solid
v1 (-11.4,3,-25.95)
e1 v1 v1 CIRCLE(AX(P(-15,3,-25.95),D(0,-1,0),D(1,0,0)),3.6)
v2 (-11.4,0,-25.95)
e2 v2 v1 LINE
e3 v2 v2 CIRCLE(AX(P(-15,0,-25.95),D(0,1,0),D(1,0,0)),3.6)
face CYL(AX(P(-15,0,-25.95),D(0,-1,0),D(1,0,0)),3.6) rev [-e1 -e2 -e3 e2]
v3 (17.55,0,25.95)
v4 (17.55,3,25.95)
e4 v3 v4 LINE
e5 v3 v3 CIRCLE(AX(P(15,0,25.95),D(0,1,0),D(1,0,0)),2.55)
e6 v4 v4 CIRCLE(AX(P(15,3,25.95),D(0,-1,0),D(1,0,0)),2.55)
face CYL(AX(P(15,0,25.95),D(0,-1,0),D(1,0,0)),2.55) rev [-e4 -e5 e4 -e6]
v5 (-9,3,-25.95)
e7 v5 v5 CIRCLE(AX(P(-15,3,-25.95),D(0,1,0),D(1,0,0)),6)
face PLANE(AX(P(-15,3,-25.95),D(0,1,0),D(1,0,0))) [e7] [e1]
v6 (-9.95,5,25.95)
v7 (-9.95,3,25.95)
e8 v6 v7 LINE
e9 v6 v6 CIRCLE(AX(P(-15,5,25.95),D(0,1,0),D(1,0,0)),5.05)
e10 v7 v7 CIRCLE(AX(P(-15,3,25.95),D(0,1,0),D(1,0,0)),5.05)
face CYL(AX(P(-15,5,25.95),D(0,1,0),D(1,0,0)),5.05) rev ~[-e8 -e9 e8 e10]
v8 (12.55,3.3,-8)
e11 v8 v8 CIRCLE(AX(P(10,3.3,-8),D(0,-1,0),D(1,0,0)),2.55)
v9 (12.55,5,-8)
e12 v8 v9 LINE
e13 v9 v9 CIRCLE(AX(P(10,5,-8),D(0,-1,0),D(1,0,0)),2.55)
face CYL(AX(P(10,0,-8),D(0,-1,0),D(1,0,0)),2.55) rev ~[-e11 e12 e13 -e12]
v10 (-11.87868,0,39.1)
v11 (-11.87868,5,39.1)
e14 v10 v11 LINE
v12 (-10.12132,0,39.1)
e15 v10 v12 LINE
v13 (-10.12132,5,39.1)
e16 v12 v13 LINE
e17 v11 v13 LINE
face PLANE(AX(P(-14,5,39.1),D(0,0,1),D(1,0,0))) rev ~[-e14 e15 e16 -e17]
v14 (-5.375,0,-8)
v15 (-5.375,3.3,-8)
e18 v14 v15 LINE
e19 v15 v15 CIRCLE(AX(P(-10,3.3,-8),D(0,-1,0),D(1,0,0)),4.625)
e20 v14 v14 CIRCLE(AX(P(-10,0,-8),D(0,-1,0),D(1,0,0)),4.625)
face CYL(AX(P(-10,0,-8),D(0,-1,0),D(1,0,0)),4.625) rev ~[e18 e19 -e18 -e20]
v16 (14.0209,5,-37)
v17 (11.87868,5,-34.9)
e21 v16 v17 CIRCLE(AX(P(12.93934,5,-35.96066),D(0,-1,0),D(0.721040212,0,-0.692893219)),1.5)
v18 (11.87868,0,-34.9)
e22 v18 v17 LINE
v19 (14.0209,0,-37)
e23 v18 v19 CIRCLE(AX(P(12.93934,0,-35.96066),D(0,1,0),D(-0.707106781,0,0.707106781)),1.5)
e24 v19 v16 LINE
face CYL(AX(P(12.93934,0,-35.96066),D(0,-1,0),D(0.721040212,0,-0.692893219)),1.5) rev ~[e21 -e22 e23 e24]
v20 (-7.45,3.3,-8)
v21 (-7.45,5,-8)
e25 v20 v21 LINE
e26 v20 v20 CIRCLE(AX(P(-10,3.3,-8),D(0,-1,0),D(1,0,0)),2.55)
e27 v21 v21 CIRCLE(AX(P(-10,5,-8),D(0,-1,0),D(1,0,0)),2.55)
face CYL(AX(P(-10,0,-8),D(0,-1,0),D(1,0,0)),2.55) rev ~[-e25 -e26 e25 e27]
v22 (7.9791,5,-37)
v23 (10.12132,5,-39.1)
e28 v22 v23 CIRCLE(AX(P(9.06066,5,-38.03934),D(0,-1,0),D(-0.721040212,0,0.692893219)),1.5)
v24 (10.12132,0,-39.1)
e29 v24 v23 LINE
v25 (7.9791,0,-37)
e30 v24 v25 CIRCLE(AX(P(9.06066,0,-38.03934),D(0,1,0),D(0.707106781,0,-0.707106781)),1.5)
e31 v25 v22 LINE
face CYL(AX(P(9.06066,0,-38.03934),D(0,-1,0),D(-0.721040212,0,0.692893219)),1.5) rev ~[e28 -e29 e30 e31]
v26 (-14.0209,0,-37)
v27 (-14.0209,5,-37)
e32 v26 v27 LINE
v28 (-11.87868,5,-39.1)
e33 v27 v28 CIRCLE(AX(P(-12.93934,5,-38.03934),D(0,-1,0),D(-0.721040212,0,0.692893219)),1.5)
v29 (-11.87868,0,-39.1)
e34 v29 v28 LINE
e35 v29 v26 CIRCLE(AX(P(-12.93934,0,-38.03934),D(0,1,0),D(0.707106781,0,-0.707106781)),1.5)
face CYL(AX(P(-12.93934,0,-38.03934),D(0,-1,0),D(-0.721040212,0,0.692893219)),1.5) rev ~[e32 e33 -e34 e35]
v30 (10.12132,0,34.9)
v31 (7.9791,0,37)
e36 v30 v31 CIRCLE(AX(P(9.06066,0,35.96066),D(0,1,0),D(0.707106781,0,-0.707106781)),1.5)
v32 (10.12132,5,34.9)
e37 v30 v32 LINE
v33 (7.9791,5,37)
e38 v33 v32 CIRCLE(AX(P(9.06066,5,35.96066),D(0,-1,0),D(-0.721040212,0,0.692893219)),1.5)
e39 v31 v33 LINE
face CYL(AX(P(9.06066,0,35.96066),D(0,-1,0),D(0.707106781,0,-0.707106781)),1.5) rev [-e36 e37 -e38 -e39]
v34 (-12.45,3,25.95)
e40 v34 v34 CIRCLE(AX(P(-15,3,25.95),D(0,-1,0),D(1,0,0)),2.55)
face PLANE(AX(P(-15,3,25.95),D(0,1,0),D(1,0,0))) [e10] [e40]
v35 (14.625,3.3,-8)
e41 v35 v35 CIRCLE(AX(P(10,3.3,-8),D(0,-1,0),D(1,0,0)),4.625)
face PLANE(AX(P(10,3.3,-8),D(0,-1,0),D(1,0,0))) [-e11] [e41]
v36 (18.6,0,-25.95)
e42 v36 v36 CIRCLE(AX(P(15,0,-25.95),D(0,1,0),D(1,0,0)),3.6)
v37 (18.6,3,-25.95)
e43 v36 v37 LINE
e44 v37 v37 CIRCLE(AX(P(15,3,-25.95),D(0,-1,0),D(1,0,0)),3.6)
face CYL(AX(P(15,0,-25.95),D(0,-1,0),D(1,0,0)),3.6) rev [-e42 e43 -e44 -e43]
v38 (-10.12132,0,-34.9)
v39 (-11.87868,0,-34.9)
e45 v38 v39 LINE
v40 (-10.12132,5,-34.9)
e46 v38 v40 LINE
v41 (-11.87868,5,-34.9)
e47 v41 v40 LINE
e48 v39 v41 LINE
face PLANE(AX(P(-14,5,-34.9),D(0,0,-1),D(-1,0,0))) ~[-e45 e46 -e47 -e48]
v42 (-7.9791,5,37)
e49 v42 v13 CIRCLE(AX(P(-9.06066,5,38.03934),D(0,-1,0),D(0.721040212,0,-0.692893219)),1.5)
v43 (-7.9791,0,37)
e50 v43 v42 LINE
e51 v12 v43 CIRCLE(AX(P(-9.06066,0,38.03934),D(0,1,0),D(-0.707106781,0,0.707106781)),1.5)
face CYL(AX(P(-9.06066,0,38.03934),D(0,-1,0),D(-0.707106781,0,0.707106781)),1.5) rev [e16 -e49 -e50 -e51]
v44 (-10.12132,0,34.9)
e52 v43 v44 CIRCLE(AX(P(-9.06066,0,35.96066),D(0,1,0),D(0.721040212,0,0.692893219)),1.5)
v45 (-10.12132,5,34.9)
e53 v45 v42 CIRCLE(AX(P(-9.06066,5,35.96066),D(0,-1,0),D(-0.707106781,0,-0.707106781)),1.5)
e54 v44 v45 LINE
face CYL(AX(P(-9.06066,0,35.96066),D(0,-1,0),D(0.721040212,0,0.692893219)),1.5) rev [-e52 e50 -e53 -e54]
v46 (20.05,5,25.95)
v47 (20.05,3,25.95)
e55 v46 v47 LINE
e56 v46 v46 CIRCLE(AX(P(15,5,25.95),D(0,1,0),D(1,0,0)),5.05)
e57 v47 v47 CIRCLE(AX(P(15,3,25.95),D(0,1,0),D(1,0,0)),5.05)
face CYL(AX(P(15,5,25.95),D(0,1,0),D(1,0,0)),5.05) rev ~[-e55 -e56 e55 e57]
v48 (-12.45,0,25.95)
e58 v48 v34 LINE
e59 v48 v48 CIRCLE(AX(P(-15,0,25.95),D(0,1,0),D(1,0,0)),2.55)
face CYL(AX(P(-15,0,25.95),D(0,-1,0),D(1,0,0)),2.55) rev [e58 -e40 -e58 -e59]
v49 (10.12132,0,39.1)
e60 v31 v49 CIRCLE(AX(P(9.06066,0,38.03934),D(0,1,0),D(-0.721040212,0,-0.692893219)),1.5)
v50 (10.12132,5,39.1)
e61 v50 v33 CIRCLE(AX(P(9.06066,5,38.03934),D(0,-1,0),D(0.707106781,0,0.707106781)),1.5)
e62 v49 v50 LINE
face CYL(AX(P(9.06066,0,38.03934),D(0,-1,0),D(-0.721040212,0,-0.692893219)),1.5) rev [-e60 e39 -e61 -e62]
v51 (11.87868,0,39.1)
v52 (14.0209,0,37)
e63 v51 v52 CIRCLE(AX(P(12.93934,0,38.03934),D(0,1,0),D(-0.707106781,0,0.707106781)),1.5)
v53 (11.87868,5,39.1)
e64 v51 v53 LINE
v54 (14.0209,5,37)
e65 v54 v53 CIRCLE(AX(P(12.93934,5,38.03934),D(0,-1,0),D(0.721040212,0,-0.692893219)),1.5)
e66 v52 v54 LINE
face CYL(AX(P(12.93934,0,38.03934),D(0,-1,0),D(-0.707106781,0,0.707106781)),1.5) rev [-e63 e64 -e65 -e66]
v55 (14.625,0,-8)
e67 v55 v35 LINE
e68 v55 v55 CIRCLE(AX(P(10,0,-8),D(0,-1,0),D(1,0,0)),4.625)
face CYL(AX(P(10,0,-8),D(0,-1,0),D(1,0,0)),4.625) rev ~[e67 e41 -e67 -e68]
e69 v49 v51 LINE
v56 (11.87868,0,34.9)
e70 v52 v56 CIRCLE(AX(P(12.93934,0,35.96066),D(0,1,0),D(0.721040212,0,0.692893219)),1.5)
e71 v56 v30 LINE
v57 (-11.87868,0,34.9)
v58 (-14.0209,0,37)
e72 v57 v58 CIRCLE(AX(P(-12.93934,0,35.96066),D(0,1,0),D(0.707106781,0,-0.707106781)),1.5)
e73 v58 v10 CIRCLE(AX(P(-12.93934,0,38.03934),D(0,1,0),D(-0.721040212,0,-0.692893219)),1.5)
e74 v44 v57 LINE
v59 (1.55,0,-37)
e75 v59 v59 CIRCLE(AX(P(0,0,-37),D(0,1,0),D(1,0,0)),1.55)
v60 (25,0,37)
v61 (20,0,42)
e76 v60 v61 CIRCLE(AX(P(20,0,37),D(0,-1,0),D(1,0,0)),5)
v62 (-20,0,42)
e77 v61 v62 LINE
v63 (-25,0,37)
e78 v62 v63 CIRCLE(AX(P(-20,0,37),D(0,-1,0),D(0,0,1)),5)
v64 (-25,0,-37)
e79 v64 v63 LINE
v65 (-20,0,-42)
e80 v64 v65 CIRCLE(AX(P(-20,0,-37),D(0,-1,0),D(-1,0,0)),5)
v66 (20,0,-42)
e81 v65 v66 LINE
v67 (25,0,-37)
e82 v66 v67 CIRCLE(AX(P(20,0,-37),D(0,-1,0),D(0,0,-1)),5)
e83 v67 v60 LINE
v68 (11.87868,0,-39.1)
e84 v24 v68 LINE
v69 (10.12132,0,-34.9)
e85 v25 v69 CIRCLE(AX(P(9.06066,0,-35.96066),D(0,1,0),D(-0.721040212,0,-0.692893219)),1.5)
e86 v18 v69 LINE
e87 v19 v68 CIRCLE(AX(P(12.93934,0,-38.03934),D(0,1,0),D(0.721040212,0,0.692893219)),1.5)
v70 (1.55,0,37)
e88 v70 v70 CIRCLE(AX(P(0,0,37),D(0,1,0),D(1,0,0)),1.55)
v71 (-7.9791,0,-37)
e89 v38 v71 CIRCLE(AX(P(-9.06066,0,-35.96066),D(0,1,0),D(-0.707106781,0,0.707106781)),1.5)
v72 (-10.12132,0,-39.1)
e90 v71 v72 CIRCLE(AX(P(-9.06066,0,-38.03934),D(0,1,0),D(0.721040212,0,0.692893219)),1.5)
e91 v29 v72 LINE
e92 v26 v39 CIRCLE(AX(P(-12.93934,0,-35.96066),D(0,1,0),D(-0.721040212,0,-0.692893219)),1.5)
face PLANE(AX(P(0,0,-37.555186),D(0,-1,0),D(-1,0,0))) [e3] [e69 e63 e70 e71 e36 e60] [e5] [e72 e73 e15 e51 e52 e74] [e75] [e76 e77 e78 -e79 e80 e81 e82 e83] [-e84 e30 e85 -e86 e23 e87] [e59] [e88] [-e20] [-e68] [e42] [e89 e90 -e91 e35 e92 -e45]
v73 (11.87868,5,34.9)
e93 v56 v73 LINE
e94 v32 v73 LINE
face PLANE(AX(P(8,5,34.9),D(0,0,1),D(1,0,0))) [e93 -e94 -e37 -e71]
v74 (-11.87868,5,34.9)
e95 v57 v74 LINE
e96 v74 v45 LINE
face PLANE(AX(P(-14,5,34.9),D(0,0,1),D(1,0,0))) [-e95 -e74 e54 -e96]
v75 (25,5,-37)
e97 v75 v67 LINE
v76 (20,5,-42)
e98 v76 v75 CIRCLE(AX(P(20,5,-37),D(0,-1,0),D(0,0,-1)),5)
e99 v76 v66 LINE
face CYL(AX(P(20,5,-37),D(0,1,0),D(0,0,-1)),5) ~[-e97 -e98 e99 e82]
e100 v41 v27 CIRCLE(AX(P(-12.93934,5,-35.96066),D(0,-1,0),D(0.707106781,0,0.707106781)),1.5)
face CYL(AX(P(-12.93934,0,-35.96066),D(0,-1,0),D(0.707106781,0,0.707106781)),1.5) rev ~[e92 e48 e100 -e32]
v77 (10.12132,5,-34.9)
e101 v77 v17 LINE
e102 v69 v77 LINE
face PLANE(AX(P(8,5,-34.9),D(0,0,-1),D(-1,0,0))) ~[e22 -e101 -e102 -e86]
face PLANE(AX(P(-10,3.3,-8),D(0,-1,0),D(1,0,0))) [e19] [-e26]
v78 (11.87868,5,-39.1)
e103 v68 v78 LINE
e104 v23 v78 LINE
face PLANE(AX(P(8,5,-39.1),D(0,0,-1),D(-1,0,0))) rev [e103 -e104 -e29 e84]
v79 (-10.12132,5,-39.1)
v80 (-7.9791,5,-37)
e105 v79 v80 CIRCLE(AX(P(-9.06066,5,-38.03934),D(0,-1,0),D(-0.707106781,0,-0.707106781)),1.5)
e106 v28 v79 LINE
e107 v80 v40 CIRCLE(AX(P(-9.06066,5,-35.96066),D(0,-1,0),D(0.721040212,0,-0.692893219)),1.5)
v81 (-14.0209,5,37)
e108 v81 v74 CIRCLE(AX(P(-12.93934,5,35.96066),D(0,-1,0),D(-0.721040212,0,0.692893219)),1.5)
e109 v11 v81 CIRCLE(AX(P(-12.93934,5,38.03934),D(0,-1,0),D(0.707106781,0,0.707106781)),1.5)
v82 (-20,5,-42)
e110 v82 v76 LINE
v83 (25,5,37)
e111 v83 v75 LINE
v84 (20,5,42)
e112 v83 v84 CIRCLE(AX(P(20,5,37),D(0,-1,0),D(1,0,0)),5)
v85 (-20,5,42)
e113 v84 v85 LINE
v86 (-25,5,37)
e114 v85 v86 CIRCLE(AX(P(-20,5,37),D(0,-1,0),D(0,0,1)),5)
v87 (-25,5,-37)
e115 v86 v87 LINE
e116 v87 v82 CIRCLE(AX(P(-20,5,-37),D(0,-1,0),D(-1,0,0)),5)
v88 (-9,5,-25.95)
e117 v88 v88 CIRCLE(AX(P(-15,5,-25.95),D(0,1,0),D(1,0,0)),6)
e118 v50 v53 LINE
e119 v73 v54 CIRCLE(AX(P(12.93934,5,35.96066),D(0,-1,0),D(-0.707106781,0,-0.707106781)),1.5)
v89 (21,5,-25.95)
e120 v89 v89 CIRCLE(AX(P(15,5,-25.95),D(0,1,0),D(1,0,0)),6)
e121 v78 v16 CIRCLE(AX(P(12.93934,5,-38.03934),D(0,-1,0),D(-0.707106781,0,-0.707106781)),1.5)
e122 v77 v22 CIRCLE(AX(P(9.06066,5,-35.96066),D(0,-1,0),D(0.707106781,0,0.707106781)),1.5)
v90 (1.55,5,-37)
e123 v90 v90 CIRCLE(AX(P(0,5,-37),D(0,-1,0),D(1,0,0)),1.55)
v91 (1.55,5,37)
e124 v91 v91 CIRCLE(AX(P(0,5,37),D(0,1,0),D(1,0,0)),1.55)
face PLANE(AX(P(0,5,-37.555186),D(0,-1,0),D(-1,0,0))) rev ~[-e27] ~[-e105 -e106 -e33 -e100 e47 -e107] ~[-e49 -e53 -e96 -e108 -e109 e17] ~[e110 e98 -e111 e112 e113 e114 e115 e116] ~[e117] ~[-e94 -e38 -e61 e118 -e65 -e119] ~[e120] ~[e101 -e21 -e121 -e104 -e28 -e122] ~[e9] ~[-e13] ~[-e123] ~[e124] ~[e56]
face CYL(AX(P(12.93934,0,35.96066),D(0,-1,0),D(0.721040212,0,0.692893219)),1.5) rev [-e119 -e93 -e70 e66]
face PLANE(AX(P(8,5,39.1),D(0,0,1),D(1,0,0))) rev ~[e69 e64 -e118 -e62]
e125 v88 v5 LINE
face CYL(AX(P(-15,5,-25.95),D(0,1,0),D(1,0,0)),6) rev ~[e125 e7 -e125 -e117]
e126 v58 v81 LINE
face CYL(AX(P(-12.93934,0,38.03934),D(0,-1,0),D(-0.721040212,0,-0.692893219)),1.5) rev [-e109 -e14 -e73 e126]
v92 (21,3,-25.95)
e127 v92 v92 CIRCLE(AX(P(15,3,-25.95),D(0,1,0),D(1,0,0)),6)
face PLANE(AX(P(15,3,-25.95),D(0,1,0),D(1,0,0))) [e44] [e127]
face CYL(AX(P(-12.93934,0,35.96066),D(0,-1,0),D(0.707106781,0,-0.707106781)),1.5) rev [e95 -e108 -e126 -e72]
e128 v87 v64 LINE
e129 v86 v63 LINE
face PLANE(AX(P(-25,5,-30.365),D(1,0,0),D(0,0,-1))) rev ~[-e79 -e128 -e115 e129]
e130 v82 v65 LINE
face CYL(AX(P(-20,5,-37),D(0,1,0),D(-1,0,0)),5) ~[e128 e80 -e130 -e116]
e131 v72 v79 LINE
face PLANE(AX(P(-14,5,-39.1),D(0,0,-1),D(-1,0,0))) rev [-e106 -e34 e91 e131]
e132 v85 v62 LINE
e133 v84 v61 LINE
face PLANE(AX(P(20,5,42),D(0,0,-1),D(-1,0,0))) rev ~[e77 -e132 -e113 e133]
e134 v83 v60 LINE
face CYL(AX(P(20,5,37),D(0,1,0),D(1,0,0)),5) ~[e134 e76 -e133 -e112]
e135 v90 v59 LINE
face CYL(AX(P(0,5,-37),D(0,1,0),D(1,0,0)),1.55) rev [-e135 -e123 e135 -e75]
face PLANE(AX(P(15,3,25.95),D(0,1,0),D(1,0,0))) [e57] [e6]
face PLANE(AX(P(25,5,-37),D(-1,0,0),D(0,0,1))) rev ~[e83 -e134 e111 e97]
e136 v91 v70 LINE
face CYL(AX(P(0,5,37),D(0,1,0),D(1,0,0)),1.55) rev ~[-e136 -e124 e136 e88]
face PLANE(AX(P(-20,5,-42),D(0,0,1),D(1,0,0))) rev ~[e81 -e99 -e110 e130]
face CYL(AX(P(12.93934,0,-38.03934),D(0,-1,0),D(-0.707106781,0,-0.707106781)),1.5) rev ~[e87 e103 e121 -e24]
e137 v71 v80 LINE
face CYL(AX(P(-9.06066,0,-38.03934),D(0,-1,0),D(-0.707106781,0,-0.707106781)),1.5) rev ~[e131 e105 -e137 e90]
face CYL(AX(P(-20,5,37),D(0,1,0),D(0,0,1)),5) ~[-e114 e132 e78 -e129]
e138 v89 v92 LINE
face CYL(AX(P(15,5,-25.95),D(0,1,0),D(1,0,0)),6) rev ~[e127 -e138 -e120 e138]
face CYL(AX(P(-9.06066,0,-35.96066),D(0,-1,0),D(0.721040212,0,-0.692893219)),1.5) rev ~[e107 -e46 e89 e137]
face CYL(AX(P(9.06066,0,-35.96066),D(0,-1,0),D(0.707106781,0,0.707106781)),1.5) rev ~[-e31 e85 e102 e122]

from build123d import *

# Parameters (mm, degrees)
SKETCH1_R               = 3.6
SKETCH1_R_2             = 2.55
BOSS_EXTRUDE1_DEPTH     = 5
SKETCH2_R               = 6
SKETCH2_R_2             = 5.05
CUT_EXTRUDE1_DEPTH      = 2
SALIENTE_EXTRUIR1_DEPTH = 5
CROQUIS5_R              = 2.55
CORTAR_EXTRUIR2_DEPTH   = 6
CROQUIS6_R              = 1.55
CROQUIS6_W              = 6
CROQUIS6_H              = 4.2
CORTAR_EXTRUIR3_DEPTH   = 6
CORTAR_EXTRUIR4_DEPTH   = 6
CROQUIS8_R              = 4.625
CORTAR_EXTRUIR5_DEPTH   = 3.3


with BuildPart() as part:
    # Sketch1 → Boss-Extrude1 (new body)
    with BuildSketch(Plane(origin=(0, 0, 0), x_dir=(1, 0, 0), z_dir=(0, 1, 0))):
        with BuildLine():
            Line((20.365, -35), (-20.365, -35))
            ThreePointArc((-20.365, -35), (-23.642439931, -33.642439931), (-25, -30.365))
            Line((-25, -30.365), (-25, 30.365))
            ThreePointArc((-25, 30.365), (-23.642439931, 33.642439931), (-20.365, 35))
            Line((-20.365, 35), (20.365, 35))
            ThreePointArc((20.365, 35), (23.642439931, 33.642439931), (25, 30.365))
            Line((25, 30.365), (25, -30.365))
            ThreePointArc((25, -30.365), (23.642439931, -33.642439931), (20.365, -35))
        make_face()
        with Locations((-15, 25.95)):
            Circle(SKETCH1_R, mode=Mode.SUBTRACT)
        with Locations((15, 25.95)):
            Circle(SKETCH1_R, mode=Mode.SUBTRACT)
        with Locations((15, -25.95)):
            Circle(SKETCH1_R_2, mode=Mode.SUBTRACT)
        with Locations((-15, -25.95)):
            Circle(SKETCH1_R_2, mode=Mode.SUBTRACT)
    extrude(amount=BOSS_EXTRUDE1_DEPTH)

    # Sketch2 → Cut-Extrude1 (cut)
    with BuildSketch(Plane(origin=(0, 5, 0), x_dir=(1, 0, 0), z_dir=(0, 1, 0))):
        with Locations((-15, 25.95)):
            Circle(SKETCH2_R)
        with Locations((15, 25.95)):
            Circle(SKETCH2_R)
        with Locations((15, -25.95)):
            Circle(SKETCH2_R_2)
        with Locations((-15, -25.95)):
            Circle(SKETCH2_R_2)
    extrude(amount=-CUT_EXTRUDE1_DEPTH, mode=Mode.SUBTRACT)

    # Croquis3 → Saliente-Extruir1 (add)
    with BuildSketch(Plane(origin=(0, 5, 0), x_dir=(1, 0, 0), z_dir=(0, 1, 0))):
        with BuildLine():
            Line((-25, 30.365), (-25, 37))
            ThreePointArc((-25, 37), (-23.535533906, 40.535533906), (-20, 42))
            Line((-20, 42), (20, 42))
            ThreePointArc((20, 42), (23.535533906, 40.535533906), (25, 37))
            Line((25, 37), (25, 30.365))
            ThreePointArc((25, 30.365), (23.642439931, 33.642439931), (20.365, 35))
            Line((20.365, 35), (-20.365, 35))
            ThreePointArc((-20.365, 35), (-23.642439931, 33.642439931), (-25, 30.365))
        make_face()
        with BuildLine():
            Line((-20.365, -35), (20.365, -35))
            ThreePointArc((20.365, -35), (23.642439931, -33.642439931), (25, -30.365))
            Line((25, -30.365), (25, -37))
            ThreePointArc((25, -37), (23.535533906, -40.535533906), (20, -42))
            Line((20, -42), (-20, -42))
            ThreePointArc((-20, -42), (-23.535533906, -40.535533906), (-25, -37))
            Line((-25, -37), (-25, -30.365))
            ThreePointArc((-25, -30.365), (-23.642439931, -33.642439931), (-20.365, -35))
        make_face()
    extrude(amount=-SALIENTE_EXTRUIR1_DEPTH)

    # Croquis5 → Cortar-Extruir2 (cut, through all)
    with BuildSketch(Plane.XZ):
        with Locations((10, -8)):
            Circle(CROQUIS5_R)
        with Locations((-10, -8)):
            Circle(CROQUIS5_R)
    extrude(amount=-CORTAR_EXTRUIR2_DEPTH, mode=Mode.SUBTRACT)

    # Croquis6 → Cortar-Extruir3 (cut, through all)
    with BuildSketch(Plane(origin=(0, 5, 0), x_dir=(1, 0, 0), z_dir=(0, 1, 0))):
        with Locations((0, -37)):
            Circle(CROQUIS6_R)
        with Locations((-11, -37)):
            Rectangle(CROQUIS6_W, CROQUIS6_H)
        with Locations((11, -37)):
            Rectangle(CROQUIS6_W, CROQUIS6_H)
    cortar_extruir3 = extrude(amount=-CORTAR_EXTRUIR3_DEPTH, mode=Mode.SUBTRACT)

    # Croquis7 → Cortar-Extruir4 (cut, through all)
    with BuildSketch(Plane.XZ):
        with BuildLine():
            Line((-11.878679656, 39.1), (-10.121320344, 39.1))
            ThreePointArc((-10.121320344, 39.1), (-8.010608171, 39.110503119), (-7.979099854, 37))
            ThreePointArc((-7.979099854, 37), (-8.010608171, 34.889496881), (-10.121320344, 34.9))
            Line((-10.121320344, 34.9), (-11.878679656, 34.9))
            ThreePointArc((-11.878679656, 34.9), (-13.989391829, 34.889496881), (-14.020900146, 37))
            ThreePointArc((-14.020900146, 37), (-13.989391829, 39.110503119), (-11.878679656, 39.1))
        make_face()
        with BuildLine():
            Line((11.878679656, 34.9), (10.121320344, 34.9))
            ThreePointArc((10.121320344, 34.9), (8.010608171, 34.889496881), (7.979099854, 37))
            ThreePointArc((7.979099854, 37), (8.010608171, 39.110503119), (10.121320344, 39.1))
            Line((10.121320344, 39.1), (11.878679656, 39.1))
            ThreePointArc((11.878679656, 39.1), (13.989391829, 39.110503119), (14.020900146, 37))
            ThreePointArc((14.020900146, 37), (13.989391829, 34.889496881), (11.878679656, 34.9))
        make_face()
    cortar_extruir4 = extrude(amount=-CORTAR_EXTRUIR4_DEPTH, mode=Mode.SUBTRACT)

    # Croquis8 → Cortar-Extruir5 (cut)
    with BuildSketch(Plane.XZ):
        with Locations((-10, -8)):
            Circle(CROQUIS8_R)
        with Locations((10, -8)):
            Circle(CROQUIS8_R)
    extrude(amount=-CORTAR_EXTRUIR5_DEPTH, mode=Mode.SUBTRACT)

    # Simetría1: Cortar-Extruir3, Cortar-Extruir4 across plane
    add(cortar_extruir3.mirror(Plane.XY), mode=Mode.SUBTRACT)
    add(cortar_extruir4.mirror(Plane.XY), mode=Mode.SUBTRACT)


solid = part.part
